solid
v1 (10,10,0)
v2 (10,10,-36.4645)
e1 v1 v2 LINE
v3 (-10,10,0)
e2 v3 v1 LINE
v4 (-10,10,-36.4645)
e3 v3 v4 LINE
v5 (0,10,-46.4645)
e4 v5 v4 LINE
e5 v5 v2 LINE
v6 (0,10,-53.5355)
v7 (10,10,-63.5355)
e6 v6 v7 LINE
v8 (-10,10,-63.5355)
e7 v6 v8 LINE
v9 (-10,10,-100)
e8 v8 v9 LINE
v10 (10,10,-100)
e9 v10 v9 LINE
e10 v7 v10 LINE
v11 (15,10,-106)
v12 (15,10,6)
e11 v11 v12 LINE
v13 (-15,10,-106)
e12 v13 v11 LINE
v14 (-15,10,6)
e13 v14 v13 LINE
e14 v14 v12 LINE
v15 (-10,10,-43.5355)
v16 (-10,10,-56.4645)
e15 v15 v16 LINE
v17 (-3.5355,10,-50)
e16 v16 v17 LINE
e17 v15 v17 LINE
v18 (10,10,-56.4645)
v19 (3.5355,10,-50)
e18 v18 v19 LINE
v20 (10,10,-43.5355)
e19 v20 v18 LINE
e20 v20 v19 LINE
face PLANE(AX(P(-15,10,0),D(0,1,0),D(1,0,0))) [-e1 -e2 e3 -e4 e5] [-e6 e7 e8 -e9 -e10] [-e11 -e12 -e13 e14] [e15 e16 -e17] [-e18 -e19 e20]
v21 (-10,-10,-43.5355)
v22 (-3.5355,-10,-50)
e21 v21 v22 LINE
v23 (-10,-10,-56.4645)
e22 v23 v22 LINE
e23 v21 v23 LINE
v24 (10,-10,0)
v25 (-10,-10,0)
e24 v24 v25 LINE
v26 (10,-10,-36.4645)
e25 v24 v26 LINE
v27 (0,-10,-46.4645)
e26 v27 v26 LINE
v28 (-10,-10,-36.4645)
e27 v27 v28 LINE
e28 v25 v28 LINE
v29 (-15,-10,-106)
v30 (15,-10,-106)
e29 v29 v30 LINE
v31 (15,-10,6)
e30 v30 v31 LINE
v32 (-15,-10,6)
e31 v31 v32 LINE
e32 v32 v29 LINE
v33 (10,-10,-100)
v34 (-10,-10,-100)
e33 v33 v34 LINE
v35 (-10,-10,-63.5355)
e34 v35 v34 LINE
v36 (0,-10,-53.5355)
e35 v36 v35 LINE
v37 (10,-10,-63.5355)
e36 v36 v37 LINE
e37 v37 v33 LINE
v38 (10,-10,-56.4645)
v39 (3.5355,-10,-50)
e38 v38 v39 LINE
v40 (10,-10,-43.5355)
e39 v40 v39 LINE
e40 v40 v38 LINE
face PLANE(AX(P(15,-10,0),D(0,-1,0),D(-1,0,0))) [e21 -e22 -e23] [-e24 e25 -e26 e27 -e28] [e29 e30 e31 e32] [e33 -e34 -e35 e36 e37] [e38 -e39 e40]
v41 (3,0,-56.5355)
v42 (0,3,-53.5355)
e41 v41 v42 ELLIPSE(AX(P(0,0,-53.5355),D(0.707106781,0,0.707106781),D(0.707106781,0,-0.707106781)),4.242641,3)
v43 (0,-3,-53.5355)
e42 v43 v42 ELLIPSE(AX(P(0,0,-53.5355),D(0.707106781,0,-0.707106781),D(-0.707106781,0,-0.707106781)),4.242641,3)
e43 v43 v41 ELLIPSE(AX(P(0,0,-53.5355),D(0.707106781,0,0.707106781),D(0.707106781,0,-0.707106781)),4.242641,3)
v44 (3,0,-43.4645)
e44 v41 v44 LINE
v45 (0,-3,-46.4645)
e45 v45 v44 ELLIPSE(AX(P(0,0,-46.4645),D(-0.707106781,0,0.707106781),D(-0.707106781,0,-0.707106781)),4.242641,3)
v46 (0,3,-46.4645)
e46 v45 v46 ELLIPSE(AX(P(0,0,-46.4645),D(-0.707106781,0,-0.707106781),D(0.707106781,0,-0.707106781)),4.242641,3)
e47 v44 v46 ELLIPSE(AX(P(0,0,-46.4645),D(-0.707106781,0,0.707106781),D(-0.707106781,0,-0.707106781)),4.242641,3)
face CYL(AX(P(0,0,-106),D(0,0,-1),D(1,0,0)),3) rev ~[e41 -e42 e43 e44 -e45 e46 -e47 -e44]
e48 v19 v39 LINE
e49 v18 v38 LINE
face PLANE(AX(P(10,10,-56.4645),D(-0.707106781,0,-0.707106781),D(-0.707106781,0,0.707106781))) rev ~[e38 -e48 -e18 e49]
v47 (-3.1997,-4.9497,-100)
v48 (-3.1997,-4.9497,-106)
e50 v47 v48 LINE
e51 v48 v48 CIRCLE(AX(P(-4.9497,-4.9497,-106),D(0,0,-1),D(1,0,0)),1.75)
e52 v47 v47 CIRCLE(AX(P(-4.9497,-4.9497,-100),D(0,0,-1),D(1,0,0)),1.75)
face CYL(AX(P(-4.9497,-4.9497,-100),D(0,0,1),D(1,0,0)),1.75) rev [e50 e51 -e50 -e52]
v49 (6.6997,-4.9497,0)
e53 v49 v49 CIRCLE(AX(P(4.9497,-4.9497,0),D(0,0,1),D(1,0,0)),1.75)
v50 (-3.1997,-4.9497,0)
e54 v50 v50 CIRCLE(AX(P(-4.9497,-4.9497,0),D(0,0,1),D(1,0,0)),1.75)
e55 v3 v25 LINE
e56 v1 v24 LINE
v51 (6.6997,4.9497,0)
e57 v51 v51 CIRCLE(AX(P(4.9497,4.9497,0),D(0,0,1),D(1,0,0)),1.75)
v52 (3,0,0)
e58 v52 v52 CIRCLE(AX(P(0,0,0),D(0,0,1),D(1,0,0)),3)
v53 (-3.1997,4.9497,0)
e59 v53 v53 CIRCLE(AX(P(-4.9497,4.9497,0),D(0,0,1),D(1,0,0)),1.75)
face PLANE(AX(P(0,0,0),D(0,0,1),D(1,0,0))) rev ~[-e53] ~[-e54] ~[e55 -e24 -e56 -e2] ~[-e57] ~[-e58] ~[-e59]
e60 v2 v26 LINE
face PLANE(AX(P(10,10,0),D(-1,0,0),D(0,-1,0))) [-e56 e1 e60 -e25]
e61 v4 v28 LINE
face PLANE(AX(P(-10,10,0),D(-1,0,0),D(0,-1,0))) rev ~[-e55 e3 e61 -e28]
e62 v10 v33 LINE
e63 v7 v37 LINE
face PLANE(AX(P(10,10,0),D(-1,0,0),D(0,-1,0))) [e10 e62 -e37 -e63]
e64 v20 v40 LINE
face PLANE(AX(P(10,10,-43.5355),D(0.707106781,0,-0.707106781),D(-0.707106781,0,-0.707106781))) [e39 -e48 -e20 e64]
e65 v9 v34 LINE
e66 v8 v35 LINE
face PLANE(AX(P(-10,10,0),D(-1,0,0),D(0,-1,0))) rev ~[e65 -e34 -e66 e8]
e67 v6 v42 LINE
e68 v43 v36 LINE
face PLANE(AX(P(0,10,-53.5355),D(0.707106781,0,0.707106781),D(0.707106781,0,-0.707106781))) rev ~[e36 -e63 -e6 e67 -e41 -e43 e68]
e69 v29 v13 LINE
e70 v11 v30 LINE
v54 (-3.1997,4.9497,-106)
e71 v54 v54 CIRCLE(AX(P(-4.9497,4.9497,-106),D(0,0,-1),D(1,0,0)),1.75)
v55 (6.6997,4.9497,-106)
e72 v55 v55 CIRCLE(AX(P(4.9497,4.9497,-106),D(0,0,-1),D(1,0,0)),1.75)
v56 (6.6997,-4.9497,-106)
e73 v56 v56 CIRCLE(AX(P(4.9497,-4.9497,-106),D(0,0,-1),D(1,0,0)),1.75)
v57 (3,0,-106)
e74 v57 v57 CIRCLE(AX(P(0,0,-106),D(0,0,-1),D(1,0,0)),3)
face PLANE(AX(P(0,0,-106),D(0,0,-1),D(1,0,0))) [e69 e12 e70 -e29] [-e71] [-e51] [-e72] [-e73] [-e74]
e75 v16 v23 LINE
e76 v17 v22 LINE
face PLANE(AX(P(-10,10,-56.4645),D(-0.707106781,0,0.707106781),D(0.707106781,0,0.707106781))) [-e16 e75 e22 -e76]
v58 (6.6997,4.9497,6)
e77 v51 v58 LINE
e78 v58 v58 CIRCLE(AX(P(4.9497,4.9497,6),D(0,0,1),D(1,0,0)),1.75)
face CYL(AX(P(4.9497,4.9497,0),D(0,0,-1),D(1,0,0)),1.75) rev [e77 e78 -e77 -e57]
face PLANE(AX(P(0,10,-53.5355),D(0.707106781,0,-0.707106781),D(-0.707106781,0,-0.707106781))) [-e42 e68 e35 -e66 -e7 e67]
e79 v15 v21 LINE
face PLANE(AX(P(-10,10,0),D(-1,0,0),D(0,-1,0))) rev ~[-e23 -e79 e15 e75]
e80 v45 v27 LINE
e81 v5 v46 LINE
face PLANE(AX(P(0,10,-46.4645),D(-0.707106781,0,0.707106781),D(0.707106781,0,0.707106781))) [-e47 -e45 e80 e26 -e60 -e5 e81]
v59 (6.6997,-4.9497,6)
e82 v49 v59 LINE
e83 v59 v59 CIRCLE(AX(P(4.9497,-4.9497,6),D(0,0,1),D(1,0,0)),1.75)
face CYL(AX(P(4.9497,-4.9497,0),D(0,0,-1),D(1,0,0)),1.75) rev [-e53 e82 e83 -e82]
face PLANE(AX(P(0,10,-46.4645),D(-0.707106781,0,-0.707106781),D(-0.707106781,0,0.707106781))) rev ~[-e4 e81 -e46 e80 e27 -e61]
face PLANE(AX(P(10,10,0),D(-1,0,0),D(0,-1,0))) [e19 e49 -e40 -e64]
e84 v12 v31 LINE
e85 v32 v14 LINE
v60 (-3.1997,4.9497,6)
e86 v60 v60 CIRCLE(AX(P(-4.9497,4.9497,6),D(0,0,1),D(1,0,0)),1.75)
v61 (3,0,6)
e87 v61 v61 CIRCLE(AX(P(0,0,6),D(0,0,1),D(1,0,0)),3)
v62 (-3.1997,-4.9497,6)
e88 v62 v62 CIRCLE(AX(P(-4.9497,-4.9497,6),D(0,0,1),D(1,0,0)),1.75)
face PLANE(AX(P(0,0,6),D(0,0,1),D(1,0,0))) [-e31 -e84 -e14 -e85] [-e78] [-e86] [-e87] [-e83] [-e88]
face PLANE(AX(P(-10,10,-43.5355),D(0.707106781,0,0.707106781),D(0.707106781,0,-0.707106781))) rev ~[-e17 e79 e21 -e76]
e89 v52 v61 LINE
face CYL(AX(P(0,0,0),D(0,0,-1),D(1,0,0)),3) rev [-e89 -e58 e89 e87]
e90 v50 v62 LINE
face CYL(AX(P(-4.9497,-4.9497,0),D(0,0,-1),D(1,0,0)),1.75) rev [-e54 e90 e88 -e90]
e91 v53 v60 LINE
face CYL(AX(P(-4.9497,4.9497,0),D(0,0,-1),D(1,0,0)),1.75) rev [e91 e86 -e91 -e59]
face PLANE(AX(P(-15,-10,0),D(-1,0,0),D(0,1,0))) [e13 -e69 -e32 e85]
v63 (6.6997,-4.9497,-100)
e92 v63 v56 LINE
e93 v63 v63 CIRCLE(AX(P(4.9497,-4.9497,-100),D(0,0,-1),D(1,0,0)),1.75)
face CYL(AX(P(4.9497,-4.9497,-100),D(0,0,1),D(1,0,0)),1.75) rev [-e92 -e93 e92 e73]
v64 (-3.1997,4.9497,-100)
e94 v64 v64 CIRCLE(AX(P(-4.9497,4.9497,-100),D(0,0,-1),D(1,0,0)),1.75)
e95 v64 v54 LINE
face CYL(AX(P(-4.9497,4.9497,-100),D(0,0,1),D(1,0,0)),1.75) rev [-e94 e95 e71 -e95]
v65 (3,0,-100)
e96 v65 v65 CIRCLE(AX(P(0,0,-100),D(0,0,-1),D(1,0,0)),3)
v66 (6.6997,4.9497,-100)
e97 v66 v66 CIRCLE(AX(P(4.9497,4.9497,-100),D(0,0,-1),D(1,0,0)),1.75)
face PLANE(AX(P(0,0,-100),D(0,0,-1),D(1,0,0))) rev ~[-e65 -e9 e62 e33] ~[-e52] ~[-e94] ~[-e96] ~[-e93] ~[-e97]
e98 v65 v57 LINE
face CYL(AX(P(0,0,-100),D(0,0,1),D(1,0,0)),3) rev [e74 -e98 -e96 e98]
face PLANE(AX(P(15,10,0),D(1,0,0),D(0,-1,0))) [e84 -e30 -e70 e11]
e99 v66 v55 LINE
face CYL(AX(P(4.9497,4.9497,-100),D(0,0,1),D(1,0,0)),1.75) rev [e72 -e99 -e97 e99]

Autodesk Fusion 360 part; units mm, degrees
sketch "草图1" plane through (0, 0, 0) normal (0, 0, 1) x (1, 0, 0)
  line L0 (15, -10) -> (-15, -10)
  line L1 (-15, -10) -> (-15, 10)
  line L2 (-15, 10) -> (15, 10)
  line L3 (15, 10) -> (15, -10)
  line L4 (15, -10) -> (-15, 10) construction
  line L5 (-15, -10) -> (15, 10) construction
  line L6 (0, 0) -> (19, 0) construction
  line L7 (0, 0) -> (9.0277, 9.0277) construction
  circle A0 centre (0, 0) radius 7 construction
  circle A1 centre (4.9497, 4.9497) radius 1.75
  circle A2 centre (-4.9497, 4.9497) radius 1.75
  circle A3 centre (-4.9497, -4.9497) radius 1.75
  circle A4 centre (4.9497, -4.9497) radius 1.75
  circle A5 centre (0, 0) radius 3
  dimension "d1" = 20
  dimension "d2" = 30
  dimension "d3" = 45
  dimension "d4" = 14
  dimension "d5" = 3.5
  dimension "d7" = 360
  dimension "d8" = 6
extrude "拉伸1" add sketch "草图1" along normal blind 6 makes body 1
sketch "草图2" plane through (0, 0, 0) normal (0, 0, -1) x (1, 0, 0)
  circle A0 centre (0, 0) radius 3
  circle A1 centre (4.9497, -4.9497) radius 1.75
  circle A2 centre (-4.9497, 4.9497) radius 1.75
  circle A3 centre (4.9497, 4.9497) radius 1.75
  circle A4 centre (-4.9497, -4.9497) radius 1.75
  line L0 (-15, -10) -> (15, -10)
  line L1 (15, -10) -> (15, 10)
  line L2 (15, 10) -> (-15, 10)
  line L3 (-15, 10) -> (-15, -10)
  line L4 (15, -10) -> (10, -10)
  line L5 (10, -10) -> (10, 10)
  line L6 (10, 10) -> (15, 10)
  line L7 (15, 10) -> (15, -10)
  line L8 (-15, -10) -> (-10, -10)
  line L9 (-10, -10) -> (-10, 10)
  line L10 (-10, 10) -> (-15, 10)
  line L11 (-15, 10) -> (-15, -10)
  dimension "d11" = 5
  dimension "d12" = 5
extrude "拉伸2" add sketch "草图2" along normal blind 100 contours L0 L2 L3 L8 L9 L10 L11 | L0 L1 L2 L4 L5 L6 L7 bodies 1
sketch "草图3" plane through (0, 0, -100) normal (0, 0, -1) x (1, 0, 0)
  line L0 (-15, 10) -> (-15, -10)
  line L1 (-15, -10) -> (-10, -10)
  line L2 (-10, -10) -> (-10, 10)
  line L3 (-10, 10) -> (-15, 10)
  line L4 (-10, 10) -> (-10, -10)
  line L5 (-10, -10) -> (10, -10)
  line L6 (10, -10) -> (10, 10)
  line L7 (10, 10) -> (-10, 10)
  circle A0 centre (-4.9497, -4.9497) radius 1.75
  circle A1 centre (4.9497, 4.9497) radius 1.75
  circle A2 centre (-4.9497, 4.9497) radius 1.75
  circle A3 centre (4.9497, -4.9497) radius 1.75
  circle A4 centre (0, 0) radius 3
  line L8 (15, 10) -> (10, 10)
  line L9 (10, 10) -> (10, -10)
  line L10 (10, -10) -> (15, -10)
  line L11 (15, -10) -> (15, 10)
extrude "拉伸3" add sketch "草图3" along normal blind 6 bodies 1
sketch "草图4" plane through (0, 10, 0) normal (0, 1, 0) x (-1, 0, 0)
  line L0 (15, -106) -> (15, 6)
  line L1 (15, 6) -> (-15, 6)
  line L2 (-15, 6) -> (-15, -106)
  line L3 (-15, -106) -> (15, -106)
  line L4 (10, -100) -> (-10, -100)
  line L5 (-10, -100) -> (-10, 0)
  line L6 (-10, 0) -> (10, 0)
  line L7 (10, 0) -> (10, -100)
  line L8 (47.9011, -50) -> (-70, -50)
  line L9 (0, -112.7701) -> (0, 40) construction
  line L10 (-10, -63.5355) -> (-13.5355, -60)
  line L11 (-13.5355, -60) -> (10, -36.4645)
  line L12 (10, -36.4645) -> (13.5355, -40)
  line L13 (13.5355, -40) -> (-10, -63.5355)
  line L14 (-10, -63.5355) -> (10, -36.4645)
  line L15 (13.5355, -40) -> (-13.5355, -60)
  line L16 (-10, -36.4645) -> (-13.5355, -40)
  line L17 (13.5355, -60) -> (-10, -36.4645)
  line L18 (-13.5355, -40) -> (10, -63.5355)
  line L19 (10, -63.5355) -> (13.5355, -60)
  line L20 (-10, -36.4645) -> (10, -63.5355)
  line L21 (13.5355, -60) -> (-13.5355, -40)
  point P0 (0, -50)
  dimension "d17" = 45
  dimension "d18" = 5
extrude "拉伸4" add sketch "草图4" against normal blind 20 contours L7 L13 L15 L17 | L7 L13 L17 L21 | L8 L13 L21 | L8 L15 L17 | L7 L14 L15 L17 | L7 L13 L20 L21 | L8 L15 L18 | L13 L14 L18 L20 | L11 L14 L17 L20 | L14 L15 L17 | L14 L15 L18 | L11 L20 L21 | L13 L20 L21 | L8 L11 L21 | L5 L11 L15 L18 | L5 L11 L18 L21 | L11 L14 L17 | L13 L18 L20 | L13 L14 L18 | L5 L14 L15 L18 | L11 L17 L20 | L5 L11 L20 L21 bodies 1
sketch "草图5" plane through (0, 0, -106) normal (0, 0, -1) x (1, 0, 0)
  circle A0 centre (4.9497, -4.9497) radius 1.75
  circle A1 centre (4.9497, 4.9497) radius 1.75
  circle A2 centre (-4.9497, 4.9497) radius 1.75
  circle A3 centre (0, 0) radius 3
  circle A4 centre (-4.9497, -4.9497) radius 1.75
  line L0 (15, -10) -> (15, 10)
  line L1 (15, 10) -> (-10, 10)
  line L2 (-10, 10) -> (-15, 10)
  line L3 (-15, 10) -> (-15, -10)
  line L4 (-15, -10) -> (15, -10)
  circle A5 centre (0, 0) radius 3
extrude "拉伸5" cut sketch "草图5" against normal blind 112 contours A3 A5 bodies 1
copy_body "实体->零部件1" bodies 1 removing the originals makes body 2 in component "大臂"
component "大臂" placed x (1, 0, 0) y (0, 1, 0) z (0, 0, 1) at (0, 0, 0)
